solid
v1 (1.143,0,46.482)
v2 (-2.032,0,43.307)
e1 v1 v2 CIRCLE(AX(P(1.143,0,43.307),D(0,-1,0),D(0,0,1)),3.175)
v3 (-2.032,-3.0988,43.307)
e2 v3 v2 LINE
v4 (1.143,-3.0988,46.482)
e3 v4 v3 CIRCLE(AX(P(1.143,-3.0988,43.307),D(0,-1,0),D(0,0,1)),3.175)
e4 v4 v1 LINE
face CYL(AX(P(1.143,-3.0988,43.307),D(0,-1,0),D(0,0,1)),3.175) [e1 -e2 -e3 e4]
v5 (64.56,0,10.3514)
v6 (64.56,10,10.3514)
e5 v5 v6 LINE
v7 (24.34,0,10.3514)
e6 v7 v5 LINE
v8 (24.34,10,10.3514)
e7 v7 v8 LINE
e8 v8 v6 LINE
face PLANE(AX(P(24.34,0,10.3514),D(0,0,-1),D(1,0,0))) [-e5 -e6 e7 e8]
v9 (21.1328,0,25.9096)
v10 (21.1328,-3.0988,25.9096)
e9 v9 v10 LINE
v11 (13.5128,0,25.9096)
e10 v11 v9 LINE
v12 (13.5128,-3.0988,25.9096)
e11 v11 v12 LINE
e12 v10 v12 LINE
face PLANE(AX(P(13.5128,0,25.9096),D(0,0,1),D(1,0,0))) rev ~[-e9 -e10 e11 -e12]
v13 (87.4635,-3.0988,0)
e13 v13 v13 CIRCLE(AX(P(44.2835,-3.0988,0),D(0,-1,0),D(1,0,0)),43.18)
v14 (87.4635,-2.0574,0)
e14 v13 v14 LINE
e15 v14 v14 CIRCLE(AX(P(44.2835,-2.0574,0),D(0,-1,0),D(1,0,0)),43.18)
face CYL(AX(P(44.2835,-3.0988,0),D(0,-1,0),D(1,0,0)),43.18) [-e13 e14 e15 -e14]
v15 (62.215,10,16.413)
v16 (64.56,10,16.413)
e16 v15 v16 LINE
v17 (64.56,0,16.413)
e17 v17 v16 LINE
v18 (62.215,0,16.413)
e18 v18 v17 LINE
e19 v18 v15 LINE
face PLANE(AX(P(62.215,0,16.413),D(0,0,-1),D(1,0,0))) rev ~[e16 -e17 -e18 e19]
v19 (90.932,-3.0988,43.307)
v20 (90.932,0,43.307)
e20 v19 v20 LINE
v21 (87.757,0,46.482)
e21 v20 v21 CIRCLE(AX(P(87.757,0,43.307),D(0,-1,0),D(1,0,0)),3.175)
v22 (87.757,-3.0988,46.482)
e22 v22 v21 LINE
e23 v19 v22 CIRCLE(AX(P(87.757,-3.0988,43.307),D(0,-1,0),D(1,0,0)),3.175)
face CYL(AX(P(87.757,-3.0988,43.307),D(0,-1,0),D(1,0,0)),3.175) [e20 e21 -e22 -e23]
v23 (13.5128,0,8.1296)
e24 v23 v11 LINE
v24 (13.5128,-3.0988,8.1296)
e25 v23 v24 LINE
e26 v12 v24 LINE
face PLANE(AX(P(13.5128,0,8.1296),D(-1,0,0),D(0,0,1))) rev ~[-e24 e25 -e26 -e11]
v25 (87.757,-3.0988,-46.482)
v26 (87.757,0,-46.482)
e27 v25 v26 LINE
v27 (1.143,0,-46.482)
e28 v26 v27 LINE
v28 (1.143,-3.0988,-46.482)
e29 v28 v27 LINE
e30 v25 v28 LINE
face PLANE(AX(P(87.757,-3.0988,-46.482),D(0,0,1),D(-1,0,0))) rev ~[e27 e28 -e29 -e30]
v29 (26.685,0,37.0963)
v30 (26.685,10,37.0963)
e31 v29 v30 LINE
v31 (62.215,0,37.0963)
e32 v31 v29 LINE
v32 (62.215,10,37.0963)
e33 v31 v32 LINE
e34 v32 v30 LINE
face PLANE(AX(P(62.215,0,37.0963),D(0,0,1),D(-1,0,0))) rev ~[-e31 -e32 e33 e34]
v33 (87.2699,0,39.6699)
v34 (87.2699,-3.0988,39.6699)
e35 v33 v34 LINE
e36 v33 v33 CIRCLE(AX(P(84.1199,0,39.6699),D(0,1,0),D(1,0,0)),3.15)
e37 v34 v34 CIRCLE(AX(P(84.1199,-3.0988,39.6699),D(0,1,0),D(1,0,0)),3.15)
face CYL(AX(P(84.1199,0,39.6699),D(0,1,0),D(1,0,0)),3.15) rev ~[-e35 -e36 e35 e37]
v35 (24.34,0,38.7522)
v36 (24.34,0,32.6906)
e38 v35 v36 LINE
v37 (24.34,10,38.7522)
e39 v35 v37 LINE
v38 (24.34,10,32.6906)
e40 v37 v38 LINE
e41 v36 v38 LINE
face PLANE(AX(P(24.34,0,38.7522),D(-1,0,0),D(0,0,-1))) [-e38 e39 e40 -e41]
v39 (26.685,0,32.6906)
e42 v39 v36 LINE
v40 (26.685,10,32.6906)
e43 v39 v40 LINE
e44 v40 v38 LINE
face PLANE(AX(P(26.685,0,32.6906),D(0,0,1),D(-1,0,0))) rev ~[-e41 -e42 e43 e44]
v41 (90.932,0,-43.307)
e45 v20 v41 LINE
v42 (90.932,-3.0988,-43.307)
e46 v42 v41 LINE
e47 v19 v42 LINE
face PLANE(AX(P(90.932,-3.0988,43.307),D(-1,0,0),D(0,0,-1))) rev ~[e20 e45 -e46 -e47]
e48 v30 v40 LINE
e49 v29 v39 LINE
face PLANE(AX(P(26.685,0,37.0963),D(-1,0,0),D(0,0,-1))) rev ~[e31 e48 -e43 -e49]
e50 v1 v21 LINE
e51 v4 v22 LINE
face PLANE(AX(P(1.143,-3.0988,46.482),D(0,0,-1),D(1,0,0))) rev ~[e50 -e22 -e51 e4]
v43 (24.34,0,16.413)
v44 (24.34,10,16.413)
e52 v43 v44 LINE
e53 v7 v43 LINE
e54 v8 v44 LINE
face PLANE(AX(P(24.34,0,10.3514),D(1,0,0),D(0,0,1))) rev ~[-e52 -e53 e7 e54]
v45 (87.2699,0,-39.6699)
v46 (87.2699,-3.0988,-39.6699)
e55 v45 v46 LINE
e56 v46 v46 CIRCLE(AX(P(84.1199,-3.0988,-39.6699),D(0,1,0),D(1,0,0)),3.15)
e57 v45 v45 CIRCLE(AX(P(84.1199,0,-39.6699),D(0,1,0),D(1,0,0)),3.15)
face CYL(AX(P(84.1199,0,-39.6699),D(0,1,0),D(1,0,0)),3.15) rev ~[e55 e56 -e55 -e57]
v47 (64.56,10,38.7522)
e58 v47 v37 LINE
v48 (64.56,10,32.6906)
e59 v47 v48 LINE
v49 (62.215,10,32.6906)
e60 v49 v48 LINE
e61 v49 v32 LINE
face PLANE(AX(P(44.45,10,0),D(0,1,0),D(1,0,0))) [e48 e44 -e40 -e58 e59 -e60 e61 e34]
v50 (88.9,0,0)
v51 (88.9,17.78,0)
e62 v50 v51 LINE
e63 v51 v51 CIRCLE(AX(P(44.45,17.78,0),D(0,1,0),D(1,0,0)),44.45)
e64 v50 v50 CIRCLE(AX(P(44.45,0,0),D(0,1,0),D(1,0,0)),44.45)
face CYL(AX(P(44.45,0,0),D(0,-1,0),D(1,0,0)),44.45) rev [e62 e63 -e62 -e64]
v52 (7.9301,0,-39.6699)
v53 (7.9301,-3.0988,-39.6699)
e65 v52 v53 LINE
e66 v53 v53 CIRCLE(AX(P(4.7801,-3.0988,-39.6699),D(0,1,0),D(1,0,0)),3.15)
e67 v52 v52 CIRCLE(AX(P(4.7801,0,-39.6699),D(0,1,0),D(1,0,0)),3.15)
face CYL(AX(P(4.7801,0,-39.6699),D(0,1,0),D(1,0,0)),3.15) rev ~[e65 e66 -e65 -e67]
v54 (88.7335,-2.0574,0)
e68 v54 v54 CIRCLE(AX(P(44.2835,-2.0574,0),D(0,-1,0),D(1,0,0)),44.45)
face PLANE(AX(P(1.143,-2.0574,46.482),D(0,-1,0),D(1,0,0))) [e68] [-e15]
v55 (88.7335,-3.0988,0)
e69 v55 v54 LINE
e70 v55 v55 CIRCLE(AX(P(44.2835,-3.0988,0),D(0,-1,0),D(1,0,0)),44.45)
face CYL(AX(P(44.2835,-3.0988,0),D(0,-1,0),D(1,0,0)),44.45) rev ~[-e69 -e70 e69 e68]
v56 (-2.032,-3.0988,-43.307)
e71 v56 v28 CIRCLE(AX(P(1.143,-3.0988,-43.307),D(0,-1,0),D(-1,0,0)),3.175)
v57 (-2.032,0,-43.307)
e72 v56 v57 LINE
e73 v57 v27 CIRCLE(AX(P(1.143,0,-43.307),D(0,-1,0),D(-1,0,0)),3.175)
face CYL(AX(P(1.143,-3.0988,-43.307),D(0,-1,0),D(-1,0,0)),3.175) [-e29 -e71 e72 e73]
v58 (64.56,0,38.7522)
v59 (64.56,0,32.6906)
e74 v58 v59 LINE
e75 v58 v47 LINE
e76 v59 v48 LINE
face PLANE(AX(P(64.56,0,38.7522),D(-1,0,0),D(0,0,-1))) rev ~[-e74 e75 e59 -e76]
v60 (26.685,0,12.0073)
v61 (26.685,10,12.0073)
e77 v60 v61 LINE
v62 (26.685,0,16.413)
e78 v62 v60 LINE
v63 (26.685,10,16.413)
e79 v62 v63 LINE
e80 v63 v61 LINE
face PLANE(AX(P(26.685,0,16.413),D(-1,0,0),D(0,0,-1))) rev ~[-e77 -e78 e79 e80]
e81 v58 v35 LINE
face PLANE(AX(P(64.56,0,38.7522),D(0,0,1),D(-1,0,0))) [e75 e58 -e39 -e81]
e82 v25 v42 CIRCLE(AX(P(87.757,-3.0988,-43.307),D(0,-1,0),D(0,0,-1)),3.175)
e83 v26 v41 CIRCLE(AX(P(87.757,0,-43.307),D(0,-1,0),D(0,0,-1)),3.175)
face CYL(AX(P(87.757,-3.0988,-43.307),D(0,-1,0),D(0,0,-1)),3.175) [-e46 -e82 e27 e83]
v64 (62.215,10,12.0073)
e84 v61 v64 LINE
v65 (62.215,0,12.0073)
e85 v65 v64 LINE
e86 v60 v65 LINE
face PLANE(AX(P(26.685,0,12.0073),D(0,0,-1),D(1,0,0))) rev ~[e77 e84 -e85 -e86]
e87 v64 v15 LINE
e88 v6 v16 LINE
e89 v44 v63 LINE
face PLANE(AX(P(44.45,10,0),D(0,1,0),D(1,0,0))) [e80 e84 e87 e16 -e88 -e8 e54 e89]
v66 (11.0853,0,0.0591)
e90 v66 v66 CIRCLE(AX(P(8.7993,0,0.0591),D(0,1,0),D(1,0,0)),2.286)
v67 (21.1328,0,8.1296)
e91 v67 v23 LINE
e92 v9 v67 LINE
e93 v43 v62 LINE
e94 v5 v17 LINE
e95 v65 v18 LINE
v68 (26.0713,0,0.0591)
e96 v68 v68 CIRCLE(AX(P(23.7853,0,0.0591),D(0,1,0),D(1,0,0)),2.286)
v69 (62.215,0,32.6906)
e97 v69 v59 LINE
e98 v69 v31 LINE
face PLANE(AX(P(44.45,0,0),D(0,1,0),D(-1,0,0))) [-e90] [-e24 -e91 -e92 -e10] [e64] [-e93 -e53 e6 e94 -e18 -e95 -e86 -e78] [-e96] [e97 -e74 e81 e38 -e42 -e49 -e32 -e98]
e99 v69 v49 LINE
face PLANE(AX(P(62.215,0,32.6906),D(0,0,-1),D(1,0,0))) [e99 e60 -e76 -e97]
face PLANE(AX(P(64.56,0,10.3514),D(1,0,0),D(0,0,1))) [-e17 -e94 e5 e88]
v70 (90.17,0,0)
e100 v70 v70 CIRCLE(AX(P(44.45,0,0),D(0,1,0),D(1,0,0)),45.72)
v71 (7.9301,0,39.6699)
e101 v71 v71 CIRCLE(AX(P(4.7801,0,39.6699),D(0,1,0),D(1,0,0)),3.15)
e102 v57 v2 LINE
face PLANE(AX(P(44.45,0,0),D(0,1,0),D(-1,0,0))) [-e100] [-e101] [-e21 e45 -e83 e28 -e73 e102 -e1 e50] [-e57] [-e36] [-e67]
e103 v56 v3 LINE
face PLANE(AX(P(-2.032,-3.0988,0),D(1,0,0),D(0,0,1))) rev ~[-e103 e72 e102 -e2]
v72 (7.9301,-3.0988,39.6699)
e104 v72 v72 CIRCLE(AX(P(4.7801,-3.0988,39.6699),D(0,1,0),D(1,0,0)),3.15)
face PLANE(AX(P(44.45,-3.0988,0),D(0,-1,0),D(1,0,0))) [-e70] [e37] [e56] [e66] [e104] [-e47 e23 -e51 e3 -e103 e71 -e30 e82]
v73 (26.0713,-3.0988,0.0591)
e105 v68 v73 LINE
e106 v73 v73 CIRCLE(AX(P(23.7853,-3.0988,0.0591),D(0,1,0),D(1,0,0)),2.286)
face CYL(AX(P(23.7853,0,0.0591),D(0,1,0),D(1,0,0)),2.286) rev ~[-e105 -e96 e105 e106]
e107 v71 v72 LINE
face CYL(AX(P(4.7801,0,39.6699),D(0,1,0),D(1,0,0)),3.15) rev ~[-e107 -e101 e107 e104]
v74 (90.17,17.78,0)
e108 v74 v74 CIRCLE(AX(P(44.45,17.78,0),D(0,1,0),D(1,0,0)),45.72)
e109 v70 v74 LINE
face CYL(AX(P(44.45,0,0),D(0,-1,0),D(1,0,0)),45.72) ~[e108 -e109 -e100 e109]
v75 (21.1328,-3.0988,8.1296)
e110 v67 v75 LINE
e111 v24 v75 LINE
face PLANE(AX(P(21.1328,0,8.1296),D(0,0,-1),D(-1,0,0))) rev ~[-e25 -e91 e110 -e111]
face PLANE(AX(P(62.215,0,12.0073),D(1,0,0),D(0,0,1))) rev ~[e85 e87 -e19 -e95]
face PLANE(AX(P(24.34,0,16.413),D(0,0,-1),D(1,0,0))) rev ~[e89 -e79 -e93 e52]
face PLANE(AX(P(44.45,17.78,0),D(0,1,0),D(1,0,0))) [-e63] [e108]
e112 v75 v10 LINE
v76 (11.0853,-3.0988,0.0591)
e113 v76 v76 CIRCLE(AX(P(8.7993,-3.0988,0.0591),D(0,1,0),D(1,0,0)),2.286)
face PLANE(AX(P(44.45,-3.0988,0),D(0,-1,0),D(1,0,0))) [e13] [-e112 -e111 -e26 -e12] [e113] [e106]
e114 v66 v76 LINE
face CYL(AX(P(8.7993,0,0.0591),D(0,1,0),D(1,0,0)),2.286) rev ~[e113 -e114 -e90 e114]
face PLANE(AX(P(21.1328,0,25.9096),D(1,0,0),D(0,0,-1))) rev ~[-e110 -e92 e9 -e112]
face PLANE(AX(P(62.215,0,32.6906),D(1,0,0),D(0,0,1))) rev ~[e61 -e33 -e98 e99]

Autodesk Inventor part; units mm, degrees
ref_plane "YZ Plane" through (0, 0, 0) normal (1, 0, 0) x (0, 1, 0)
ref_plane "XZ Plane" through (0, 0, 0) normal (0, 1, 0) x (-1, 0, 0)
ref_plane "XY Plane" through (0, 0, 0) normal (0, 0, 1) x (1, 0, 0)
sketch "Bottom" plane through (0, 0, 0) normal (0, 0, 1) x (1, 0, 0)
  line L0 (0, 0) -> (88.9, 0)
  line L1 (88.9, 0) -> (88.9, -3.0988)
  line L2 (88.9, -3.0988) -> (0, -3.0988)
  line L3 (0, -3.0988) -> (0, 0)
  line L4 (44.45, -3.0988) -> (44.45, 0)
  line L5 (44.45, 0) -> (90.932, 0)
  line L6 (44.45, 0) -> (90.932, 0)
  line L7 (90.932, 0) -> (90.932, -3.0988)
  line L8 (90.932, -3.0988) -> (44.45, -3.0988)
  line L9 (44.45, -3.0988) -> (44.45, 0)
  line L10 (44.45, 0) -> (-2.032, 0)
  line L11 (-2.032, 0) -> (-2.032, -3.0988)
  line L12 (-2.032, -3.0988) -> (44.45, -3.0988)
  line L13 (44.45, -3.0988) -> (44.45, 0)
  dimension "d0" = 88.9
  dimension "d1" = 3.0988
  dimension "d3" = 46.482
  dimension "d4" = 46.482
revolve "Bottom Base" add sketch "Bottom" angle 360 about axis through (44.45, -3.0988, 0) along (0, 1, 0)
sketch "Outer Wall Circles" plane through (44.45, 0, 0) normal (0, 1, 0) x (1, 0, 0)
  circle A0 centre (0, 0) radius 44.45
  circle A1 centre (0, 0) radius 45.72
  point P0 (-44.45, 0)
  dimension "d6" = 88.9
  dimension "d77" = 91.44
extrude "Outer Wall Extr" add sketch "Outer Wall Circles" along normal blind 17.78
sketch "Mount Square" plane through (44.45, -3.0988, 0) normal (0, -1, 0) x (1, 0, 0)
  circle A0 centre (0, 0) radius 46.482
  line L0 (43.307, -46.482) -> (-43.307, -46.482)
  line L1 (-46.482, -43.307) -> (-46.482, 43.307)
  line L2 (-43.307, 46.482) -> (43.307, 46.482)
  line L3 (46.482, 43.307) -> (46.482, -43.307)
  line L4 (46.482, -46.482) -> (-46.482, 46.482) construction
  line L5 (-46.482, -46.482) -> (46.482, 46.482) construction
  arc A1 (-46.482, -43.307) -> (-43.307, -46.482) centre (-43.307, -43.307) ccw
  arc A2 (43.307, -46.482) -> (46.482, -43.307) centre (43.307, -43.307) ccw
  arc A3 (46.482, 43.307) -> (43.307, 46.482) centre (43.307, 43.307) ccw
  arc A4 (-43.307, 46.482) -> (-46.482, 43.307) centre (-43.307, 43.307) ccw
  point P0 (-44.45, 0)
  dimension "d30" = 3.175
extrude "Base Mount" add sketch "Mount Square" against normal blind 3.0988 contours L3 A2 L0 A0 | A0 L2 A3 L3 | A0 L1 A4 L2 | L0 A1 L1 A0
sketch "Silicon Circles" plane through (1.143, -3.0988, 46.482) normal (0, -1, 0) x (1, 0, 0)
  line L0 (89.789, -3.175) -> (89.789, -89.789) projected
  circle A0 centre (43.1405, -46.482) radius 44.45
  circle A1 centre (43.1405, -46.482) radius 43.18
  point P0 (-1.143, -46.482)
  dimension "d37" = 88.9
  dimension "d38" = 86.36
extrude "Silicon Hole" cut sketch "Silicon Circles" against normal blind 1.0414
sketch "HX711-MCU Design" plane through (44.45, 0, 0) normal (0, 1, 0) x (1, 0, 0)
  line L0 (0, 0) -> (-44.45, 0) construction
  line L1 (-23.3172, -8.1296) -> (-30.9372, -8.1296)
  line L2 (-30.9372, -8.1296) -> (-30.9372, -25.9096)
  line L3 (-30.9372, -25.9096) -> (-23.3172, -25.9096)
  line L4 (-23.3172, -25.9096) -> (-23.3172, -8.1296)
  dimension "d57" = 7.62
  dimension "d58" = 17.78
extrude "HX711 - MCU Hole" cut sketch "HX711-MCU Design" against normal blind 3.1242
sketch "hx711 mount" plane through (44.45, 0, 0) normal (0, 1, 0) x (1, 0, 0)
  line L0 (20.11, -38.7522) -> (-20.11, -38.7522)
  line L1 (-20.11, -38.7522) -> (-20.11, -32.6906)
  line L2 (-20.11, -10.3514) -> (20.11, -10.3514)
  line L3 (20.11, -10.3514) -> (20.11, -16.413)
  line L4 (17.765, -37.0963) -> (-17.765, -12.0073) construction
  line L5 (-17.765, -37.0963) -> (17.765, -12.0073) construction
  line L6 (17.765, -37.0963) -> (-17.765, -37.0963)
  line L7 (-17.765, -37.0963) -> (-17.765, -32.6906)
  line L8 (-17.765, -12.0073) -> (17.765, -12.0073)
  line L9 (17.765, -12.0073) -> (17.765, -16.413)
  line L10 (17.765, -37.0963) -> (-17.765, -12.0073) construction
  line L11 (-17.765, -37.0963) -> (-11.5259, -32.6906) construction
  line L12 (0, -24.5518) -> (17.765, -24.5518) construction
  line L13 (-17.765, -32.6906) -> (-20.11, -32.6906)
  line L14 (-11.5259, -32.6906) -> (17.765, -12.0073) construction
  line L15 (-20.11, -16.413) -> (-17.765, -16.413)
  line L16 (17.765, -32.6906) -> (20.11, -32.6906)
  line L17 (17.765, -16.413) -> (20.11, -16.413)
  line L18 (-17.765, -12.0073) -> (17.765, -12.0073)
  line L19 (17.765, -12.0073) -> (17.765, -16.413)
  line L20 (17.765, -37.0963) -> (-17.765, -37.0963)
  line L21 (-17.765, -37.0963) -> (-17.765, -32.6906)
  line L22 (-20.11, -38.7522) -> (20.11, -38.7522)
  line L23 (20.11, -38.7522) -> (20.11, -32.6906)
  line L24 (20.11, -10.3514) -> (-20.11, -10.3514)
  line L25 (-20.11, -10.3514) -> (-20.11, -16.413)
  line L26 (-17.765, -16.413) -> (-17.765, -12.0073)
  line L27 (-20.11, -16.413) -> (-20.11, -10.3514)
  line L28 (17.765, -32.6906) -> (17.765, -37.0963)
  line L29 (17.765, -32.6906) -> (17.765, -37.0963)
  line L30 (20.11, -32.6906) -> (20.11, -38.7522)
  line L31 (20.11, -16.413) -> (20.11, -10.3514)
  line L32 (-20.11, -32.6906) -> (-20.11, -38.7522)
  line L33 (-17.765, -16.413) -> (-17.765, -12.0073)
  point P0 (-44.45, 0)
  point P1 (-17.765, -32.6906)
sketch "Bottom Circles" plane through (44.45, 0, 0) normal (0, 1, 0) x (1, 0, 0)
  line L0 (-16.2451, -6.4091) -> (-16.2451, 6.2909) construction
  line L1 (-22.9507, -0.0591) -> (-16.2451, -0.0591) construction
  line L2 (-22.9507, -0.0591) -> (-18.3787, -0.0591) construction
  circle A0 centre (-20.6647, -0.0591) radius 2.286
  line L3 (-33.3647, -0.0591) -> (-22.9507, -0.0591) construction
  line L4 (-33.3647, -0.0591) -> (-40.0703, -0.0591) construction
  line L5 (-40.0703, 6.2909) -> (-40.0703, -6.4091) construction
  line L6 (-16.2451, -6.4091) -> (-40.0703, -6.4091) construction
  line L7 (-40.0703, -6.4091) -> (-40.0703, 6.2909) construction
  line L8 (-40.0703, 6.2909) -> (-16.2451, 6.2909) construction
  line L9 (-16.2451, 6.2909) -> (-16.2451, -6.4091) construction
  line L10 (-28.1577, -0.0591) -> (-28.1577, -6.4091) construction
  line L11 (-40.0703, -6.4091) -> (-16.2451, -6.4091) construction
  circle A1 centre (-35.6507, -0.0591) radius 2.286
  line L12 (0, 0) -> (0, 6.2909) construction
  line L13 (0, 0) -> (-45.3601, 45.3601) construction
  line L14 (0, 0) -> (64.1489, 0) construction
  circle A2 centre (-39.6699, 39.6699) radius 3.15
  circle A3 centre (39.6699, 39.6699) radius 3.15
  line L15 (0, 0) -> (6.017, 0) construction
  circle A4 centre (-39.6699, -39.6699) radius 3.15
  circle A5 centre (39.6699, -39.6699) radius 3.15
  point P0 (-44.45, 0)
  dimension "d103" = 4.572
  dimension "d104" = 10.414
  dimension "d105" = 2.1336
  dimension "d106" = 2.1336
  dimension "d113" = 135
  dimension "d114" = 6.3
extrude "Bottom Holes" cut sketch "Bottom Circles" against normal blind 4 contours A0 | A1
sketch "Top Shadow" plane through (44.45, 0, 0) normal (0, 1, 0) x (1, 0, 0)
  line L0 (27.4022, -6.3354) -> (27.4022, 6.3646) construction
  circle A0 centre (34.8952, 0.0146) radius 2.794 construction
  circle A1 centre (19.9092, 0.0146) radius 2.794 construction
  line L1 (22.7032, 0.0146) -> (32.1012, 0.0146) construction
  line L2 (14.7022, -6.3354) -> (40.1022, -6.3354) construction
  line L3 (40.1022, -6.3354) -> (40.1022, 6.3646) construction
  line L4 (40.1022, 6.3646) -> (14.7022, 6.3646) construction
  line L5 (14.7022, 6.3646) -> (14.7022, -6.3354) construction
  line L6 (14.7022, -6.3354) -> (40.1022, 6.3646) construction
  line L7 (40.1022, -6.3354) -> (14.7022, 6.3646) construction
  line L8 (40.065, -6.3646) -> (-40.065, -6.3646) construction
  line L9 (-40.065, -6.3646) -> (-40.065, 6.3646) construction
  line L10 (-40.065, 6.3646) -> (40.065, 6.3646) construction
  line L11 (40.065, 6.3646) -> (40.065, -6.3646) construction
  line L12 (40.065, -6.3646) -> (-40.065, 6.3646) construction
  line L13 (-40.065, -6.3646) -> (40.065, 6.3646) construction
  point P0 (27.4022, 0.0146)
  point P1 (0, 0)
  dimension "d109" = 9.398
extrude "Base to Rail Mount" cut sketch "Bottom Circles" against normal blind 4 contours A2 | A3 | A4 | A5
extrude "hx711 walls" add sketch "hx711 mount" along normal blind 10
properties part number "Bottom Sensor Base v1.3"
